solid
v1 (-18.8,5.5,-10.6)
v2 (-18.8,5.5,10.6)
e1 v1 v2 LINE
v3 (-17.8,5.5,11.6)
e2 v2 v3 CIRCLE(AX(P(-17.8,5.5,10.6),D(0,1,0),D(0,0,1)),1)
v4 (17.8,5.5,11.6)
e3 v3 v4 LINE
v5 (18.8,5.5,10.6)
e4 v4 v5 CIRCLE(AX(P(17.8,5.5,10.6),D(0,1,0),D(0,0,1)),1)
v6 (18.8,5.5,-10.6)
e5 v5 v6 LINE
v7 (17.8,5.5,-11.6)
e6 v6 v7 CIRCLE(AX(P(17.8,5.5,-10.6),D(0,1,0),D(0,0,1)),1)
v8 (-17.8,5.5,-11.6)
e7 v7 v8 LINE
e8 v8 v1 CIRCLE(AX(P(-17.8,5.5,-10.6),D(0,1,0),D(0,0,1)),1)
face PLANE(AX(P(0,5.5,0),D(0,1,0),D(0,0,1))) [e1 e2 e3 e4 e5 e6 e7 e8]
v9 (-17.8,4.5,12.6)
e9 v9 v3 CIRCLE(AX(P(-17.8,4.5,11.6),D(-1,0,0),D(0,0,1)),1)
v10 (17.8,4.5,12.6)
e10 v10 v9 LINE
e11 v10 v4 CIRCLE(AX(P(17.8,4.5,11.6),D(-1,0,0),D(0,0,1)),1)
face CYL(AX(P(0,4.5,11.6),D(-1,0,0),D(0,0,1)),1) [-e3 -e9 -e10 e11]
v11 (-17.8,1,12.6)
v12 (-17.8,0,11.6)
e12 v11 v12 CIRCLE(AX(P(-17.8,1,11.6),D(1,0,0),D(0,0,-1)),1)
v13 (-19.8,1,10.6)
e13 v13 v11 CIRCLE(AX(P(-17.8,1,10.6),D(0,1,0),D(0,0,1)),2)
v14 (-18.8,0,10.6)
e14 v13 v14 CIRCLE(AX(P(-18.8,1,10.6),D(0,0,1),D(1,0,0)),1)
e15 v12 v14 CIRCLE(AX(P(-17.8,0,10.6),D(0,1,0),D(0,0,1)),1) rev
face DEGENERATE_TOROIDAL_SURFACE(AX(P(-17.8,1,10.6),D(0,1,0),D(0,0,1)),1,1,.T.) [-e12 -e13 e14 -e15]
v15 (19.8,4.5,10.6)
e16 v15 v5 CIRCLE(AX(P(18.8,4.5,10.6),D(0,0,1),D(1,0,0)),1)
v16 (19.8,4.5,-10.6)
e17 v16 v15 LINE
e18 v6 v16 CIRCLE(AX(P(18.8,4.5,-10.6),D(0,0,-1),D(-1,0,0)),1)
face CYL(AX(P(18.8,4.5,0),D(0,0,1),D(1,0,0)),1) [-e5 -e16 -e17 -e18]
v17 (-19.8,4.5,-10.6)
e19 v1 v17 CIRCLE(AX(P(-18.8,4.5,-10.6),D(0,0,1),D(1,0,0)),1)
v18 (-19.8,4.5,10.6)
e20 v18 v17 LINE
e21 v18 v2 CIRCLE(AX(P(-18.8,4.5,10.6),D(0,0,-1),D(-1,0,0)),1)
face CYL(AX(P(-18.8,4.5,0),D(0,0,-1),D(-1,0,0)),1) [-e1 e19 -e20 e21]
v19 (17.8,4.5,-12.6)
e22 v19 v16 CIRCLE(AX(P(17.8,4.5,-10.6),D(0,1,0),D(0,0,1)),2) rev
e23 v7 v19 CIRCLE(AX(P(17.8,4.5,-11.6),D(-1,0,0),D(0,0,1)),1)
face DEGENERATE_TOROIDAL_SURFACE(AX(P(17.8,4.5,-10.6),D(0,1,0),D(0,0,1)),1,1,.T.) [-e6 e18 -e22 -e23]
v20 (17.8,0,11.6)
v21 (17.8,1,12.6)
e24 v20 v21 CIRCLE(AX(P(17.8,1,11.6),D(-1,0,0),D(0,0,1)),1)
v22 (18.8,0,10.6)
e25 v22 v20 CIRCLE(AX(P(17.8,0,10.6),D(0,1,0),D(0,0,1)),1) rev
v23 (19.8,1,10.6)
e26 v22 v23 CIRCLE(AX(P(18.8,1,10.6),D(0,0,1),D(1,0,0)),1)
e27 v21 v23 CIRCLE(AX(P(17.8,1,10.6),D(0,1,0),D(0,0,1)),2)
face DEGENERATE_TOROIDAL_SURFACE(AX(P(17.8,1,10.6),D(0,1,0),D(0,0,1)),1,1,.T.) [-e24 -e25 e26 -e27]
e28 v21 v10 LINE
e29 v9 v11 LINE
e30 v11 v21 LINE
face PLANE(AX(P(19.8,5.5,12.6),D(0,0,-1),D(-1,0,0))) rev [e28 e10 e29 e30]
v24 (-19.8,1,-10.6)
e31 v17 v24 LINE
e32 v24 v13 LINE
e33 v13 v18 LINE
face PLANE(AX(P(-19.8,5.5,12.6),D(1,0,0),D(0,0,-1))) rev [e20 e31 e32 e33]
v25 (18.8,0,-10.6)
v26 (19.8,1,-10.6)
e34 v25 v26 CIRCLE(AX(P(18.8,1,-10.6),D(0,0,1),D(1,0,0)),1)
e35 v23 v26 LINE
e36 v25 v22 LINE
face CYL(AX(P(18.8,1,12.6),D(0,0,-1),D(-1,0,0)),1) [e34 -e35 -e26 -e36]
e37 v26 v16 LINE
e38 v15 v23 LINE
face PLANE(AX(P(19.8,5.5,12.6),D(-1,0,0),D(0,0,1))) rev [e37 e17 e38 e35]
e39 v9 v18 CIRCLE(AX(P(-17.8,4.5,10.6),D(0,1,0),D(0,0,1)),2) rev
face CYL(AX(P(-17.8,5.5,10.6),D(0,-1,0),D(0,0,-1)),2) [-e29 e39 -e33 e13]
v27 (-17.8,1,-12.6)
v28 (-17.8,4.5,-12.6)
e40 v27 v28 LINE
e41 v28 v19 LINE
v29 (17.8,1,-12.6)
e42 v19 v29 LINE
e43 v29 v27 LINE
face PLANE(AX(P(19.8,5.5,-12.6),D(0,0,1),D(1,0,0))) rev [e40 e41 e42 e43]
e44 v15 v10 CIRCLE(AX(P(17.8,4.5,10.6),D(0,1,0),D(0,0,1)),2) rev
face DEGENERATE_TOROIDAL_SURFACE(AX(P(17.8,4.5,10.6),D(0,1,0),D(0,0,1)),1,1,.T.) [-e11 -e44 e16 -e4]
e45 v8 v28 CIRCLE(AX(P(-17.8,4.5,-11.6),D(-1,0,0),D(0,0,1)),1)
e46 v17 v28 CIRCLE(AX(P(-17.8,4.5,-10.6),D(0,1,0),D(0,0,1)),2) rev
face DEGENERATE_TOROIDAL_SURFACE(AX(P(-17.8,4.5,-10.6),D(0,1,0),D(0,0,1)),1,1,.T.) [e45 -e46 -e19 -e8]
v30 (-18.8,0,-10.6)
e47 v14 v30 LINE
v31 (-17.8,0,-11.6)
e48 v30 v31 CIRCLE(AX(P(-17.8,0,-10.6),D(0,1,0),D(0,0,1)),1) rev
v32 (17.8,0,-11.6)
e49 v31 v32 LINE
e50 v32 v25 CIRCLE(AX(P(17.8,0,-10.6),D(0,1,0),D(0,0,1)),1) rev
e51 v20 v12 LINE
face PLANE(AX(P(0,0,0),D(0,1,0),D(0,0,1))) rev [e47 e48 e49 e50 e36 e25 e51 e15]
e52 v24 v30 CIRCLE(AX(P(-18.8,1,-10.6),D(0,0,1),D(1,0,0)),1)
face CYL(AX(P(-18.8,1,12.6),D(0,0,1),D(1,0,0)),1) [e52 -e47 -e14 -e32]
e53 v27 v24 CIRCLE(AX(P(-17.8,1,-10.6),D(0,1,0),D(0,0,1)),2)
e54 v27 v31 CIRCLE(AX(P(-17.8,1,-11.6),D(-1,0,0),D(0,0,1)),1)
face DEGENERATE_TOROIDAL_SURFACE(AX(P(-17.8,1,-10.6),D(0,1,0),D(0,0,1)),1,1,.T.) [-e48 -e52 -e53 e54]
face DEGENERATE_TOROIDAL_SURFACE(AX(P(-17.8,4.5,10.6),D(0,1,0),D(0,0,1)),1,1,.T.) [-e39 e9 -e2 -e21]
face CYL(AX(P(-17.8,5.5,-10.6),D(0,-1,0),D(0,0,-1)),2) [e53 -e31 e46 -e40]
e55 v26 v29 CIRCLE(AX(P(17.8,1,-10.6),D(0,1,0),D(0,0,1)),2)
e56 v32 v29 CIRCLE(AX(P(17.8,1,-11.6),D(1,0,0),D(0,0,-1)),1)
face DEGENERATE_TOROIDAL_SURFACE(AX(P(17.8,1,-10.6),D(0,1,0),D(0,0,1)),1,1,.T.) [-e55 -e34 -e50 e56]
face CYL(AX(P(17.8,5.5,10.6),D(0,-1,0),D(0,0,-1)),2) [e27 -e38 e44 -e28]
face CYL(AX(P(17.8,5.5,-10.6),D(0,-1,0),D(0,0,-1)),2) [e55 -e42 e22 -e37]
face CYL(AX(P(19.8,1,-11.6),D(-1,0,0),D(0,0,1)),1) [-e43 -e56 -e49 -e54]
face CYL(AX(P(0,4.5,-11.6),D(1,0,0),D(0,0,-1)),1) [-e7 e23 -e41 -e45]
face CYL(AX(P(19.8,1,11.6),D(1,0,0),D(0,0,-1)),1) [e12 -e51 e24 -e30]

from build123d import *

# Parameters (mm, degrees)
CROQUIS1_W              = 39.6
CROQUIS1_H              = 25.2
SALIENTE_EXTRUIR1_DEPTH = 5.5
REDONDEO1_R             = 2
REDONDEO2_R             = 2
REDONDEO3_R             = 2
REDONDEO4_R             = 2
REDONDEO5_R             = 1


with BuildPart() as part:
    # Croquis1 → Saliente-Extruir1 (new body)
    with BuildSketch(Plane(origin=(0, 0, 0), x_dir=(1, 0, 0), z_dir=(0, 1, 0))):
        Rectangle(CROQUIS1_W, CROQUIS1_H)
    extrude(amount=SALIENTE_EXTRUIR1_DEPTH)

    # Redondeo1
    redondeo1_edges = [part.edges().sort_by_distance(p)[0] for p in [
        (-19.8, 2.75, 12.6),
    ]]
    fillet(redondeo1_edges, radius=REDONDEO1_R)

    # Redondeo2
    redondeo2_edges = [part.edges().sort_by_distance(p)[0] for p in [
        (19.8, 2.75, 12.6),
    ]]
    fillet(redondeo2_edges, radius=REDONDEO2_R)

    # Redondeo3
    redondeo3_edges = [part.edges().sort_by_distance(p)[0] for p in [
        (19.8, 2.75, -12.6),
    ]]
    fillet(redondeo3_edges, radius=REDONDEO3_R)

    # Redondeo4
    redondeo4_edges = [part.edges().sort_by_distance(p)[0] for p in [
        (-19.8, 2.75, -12.6),
    ]]
    fillet(redondeo4_edges, radius=REDONDEO4_R)

    # Redondeo5
    redondeo5_edges = [part.edges().sort_by_distance(p)[0] for p in [
        (0, 0, 12.6),
        (0, 5.5, 12.6),
        (-19.214213562, 0, 12.014213562),
        (-19.214213562, 5.5, 12.014213562),
        (19.8, 0, 0),
        (19.8, 5.5, 0),
        (19.214213562, 0, 12.014213562),
        (19.214213562, 5.5, 12.014213562),
        (0, 0, -12.6),
        (0, 5.5, -12.6),
        (19.214213562, 0, -12.014213562),
        (19.214213562, 5.5, -12.014213562),
        (-19.8, 0, 0),
        (-19.8, 5.5, 0),
        (-19.214213562, 0, -12.014213562),
        (-19.214213562, 5.5, -12.014213562),
    ]]
    fillet(redondeo5_edges, radius=REDONDEO5_R)


solid = part.part
